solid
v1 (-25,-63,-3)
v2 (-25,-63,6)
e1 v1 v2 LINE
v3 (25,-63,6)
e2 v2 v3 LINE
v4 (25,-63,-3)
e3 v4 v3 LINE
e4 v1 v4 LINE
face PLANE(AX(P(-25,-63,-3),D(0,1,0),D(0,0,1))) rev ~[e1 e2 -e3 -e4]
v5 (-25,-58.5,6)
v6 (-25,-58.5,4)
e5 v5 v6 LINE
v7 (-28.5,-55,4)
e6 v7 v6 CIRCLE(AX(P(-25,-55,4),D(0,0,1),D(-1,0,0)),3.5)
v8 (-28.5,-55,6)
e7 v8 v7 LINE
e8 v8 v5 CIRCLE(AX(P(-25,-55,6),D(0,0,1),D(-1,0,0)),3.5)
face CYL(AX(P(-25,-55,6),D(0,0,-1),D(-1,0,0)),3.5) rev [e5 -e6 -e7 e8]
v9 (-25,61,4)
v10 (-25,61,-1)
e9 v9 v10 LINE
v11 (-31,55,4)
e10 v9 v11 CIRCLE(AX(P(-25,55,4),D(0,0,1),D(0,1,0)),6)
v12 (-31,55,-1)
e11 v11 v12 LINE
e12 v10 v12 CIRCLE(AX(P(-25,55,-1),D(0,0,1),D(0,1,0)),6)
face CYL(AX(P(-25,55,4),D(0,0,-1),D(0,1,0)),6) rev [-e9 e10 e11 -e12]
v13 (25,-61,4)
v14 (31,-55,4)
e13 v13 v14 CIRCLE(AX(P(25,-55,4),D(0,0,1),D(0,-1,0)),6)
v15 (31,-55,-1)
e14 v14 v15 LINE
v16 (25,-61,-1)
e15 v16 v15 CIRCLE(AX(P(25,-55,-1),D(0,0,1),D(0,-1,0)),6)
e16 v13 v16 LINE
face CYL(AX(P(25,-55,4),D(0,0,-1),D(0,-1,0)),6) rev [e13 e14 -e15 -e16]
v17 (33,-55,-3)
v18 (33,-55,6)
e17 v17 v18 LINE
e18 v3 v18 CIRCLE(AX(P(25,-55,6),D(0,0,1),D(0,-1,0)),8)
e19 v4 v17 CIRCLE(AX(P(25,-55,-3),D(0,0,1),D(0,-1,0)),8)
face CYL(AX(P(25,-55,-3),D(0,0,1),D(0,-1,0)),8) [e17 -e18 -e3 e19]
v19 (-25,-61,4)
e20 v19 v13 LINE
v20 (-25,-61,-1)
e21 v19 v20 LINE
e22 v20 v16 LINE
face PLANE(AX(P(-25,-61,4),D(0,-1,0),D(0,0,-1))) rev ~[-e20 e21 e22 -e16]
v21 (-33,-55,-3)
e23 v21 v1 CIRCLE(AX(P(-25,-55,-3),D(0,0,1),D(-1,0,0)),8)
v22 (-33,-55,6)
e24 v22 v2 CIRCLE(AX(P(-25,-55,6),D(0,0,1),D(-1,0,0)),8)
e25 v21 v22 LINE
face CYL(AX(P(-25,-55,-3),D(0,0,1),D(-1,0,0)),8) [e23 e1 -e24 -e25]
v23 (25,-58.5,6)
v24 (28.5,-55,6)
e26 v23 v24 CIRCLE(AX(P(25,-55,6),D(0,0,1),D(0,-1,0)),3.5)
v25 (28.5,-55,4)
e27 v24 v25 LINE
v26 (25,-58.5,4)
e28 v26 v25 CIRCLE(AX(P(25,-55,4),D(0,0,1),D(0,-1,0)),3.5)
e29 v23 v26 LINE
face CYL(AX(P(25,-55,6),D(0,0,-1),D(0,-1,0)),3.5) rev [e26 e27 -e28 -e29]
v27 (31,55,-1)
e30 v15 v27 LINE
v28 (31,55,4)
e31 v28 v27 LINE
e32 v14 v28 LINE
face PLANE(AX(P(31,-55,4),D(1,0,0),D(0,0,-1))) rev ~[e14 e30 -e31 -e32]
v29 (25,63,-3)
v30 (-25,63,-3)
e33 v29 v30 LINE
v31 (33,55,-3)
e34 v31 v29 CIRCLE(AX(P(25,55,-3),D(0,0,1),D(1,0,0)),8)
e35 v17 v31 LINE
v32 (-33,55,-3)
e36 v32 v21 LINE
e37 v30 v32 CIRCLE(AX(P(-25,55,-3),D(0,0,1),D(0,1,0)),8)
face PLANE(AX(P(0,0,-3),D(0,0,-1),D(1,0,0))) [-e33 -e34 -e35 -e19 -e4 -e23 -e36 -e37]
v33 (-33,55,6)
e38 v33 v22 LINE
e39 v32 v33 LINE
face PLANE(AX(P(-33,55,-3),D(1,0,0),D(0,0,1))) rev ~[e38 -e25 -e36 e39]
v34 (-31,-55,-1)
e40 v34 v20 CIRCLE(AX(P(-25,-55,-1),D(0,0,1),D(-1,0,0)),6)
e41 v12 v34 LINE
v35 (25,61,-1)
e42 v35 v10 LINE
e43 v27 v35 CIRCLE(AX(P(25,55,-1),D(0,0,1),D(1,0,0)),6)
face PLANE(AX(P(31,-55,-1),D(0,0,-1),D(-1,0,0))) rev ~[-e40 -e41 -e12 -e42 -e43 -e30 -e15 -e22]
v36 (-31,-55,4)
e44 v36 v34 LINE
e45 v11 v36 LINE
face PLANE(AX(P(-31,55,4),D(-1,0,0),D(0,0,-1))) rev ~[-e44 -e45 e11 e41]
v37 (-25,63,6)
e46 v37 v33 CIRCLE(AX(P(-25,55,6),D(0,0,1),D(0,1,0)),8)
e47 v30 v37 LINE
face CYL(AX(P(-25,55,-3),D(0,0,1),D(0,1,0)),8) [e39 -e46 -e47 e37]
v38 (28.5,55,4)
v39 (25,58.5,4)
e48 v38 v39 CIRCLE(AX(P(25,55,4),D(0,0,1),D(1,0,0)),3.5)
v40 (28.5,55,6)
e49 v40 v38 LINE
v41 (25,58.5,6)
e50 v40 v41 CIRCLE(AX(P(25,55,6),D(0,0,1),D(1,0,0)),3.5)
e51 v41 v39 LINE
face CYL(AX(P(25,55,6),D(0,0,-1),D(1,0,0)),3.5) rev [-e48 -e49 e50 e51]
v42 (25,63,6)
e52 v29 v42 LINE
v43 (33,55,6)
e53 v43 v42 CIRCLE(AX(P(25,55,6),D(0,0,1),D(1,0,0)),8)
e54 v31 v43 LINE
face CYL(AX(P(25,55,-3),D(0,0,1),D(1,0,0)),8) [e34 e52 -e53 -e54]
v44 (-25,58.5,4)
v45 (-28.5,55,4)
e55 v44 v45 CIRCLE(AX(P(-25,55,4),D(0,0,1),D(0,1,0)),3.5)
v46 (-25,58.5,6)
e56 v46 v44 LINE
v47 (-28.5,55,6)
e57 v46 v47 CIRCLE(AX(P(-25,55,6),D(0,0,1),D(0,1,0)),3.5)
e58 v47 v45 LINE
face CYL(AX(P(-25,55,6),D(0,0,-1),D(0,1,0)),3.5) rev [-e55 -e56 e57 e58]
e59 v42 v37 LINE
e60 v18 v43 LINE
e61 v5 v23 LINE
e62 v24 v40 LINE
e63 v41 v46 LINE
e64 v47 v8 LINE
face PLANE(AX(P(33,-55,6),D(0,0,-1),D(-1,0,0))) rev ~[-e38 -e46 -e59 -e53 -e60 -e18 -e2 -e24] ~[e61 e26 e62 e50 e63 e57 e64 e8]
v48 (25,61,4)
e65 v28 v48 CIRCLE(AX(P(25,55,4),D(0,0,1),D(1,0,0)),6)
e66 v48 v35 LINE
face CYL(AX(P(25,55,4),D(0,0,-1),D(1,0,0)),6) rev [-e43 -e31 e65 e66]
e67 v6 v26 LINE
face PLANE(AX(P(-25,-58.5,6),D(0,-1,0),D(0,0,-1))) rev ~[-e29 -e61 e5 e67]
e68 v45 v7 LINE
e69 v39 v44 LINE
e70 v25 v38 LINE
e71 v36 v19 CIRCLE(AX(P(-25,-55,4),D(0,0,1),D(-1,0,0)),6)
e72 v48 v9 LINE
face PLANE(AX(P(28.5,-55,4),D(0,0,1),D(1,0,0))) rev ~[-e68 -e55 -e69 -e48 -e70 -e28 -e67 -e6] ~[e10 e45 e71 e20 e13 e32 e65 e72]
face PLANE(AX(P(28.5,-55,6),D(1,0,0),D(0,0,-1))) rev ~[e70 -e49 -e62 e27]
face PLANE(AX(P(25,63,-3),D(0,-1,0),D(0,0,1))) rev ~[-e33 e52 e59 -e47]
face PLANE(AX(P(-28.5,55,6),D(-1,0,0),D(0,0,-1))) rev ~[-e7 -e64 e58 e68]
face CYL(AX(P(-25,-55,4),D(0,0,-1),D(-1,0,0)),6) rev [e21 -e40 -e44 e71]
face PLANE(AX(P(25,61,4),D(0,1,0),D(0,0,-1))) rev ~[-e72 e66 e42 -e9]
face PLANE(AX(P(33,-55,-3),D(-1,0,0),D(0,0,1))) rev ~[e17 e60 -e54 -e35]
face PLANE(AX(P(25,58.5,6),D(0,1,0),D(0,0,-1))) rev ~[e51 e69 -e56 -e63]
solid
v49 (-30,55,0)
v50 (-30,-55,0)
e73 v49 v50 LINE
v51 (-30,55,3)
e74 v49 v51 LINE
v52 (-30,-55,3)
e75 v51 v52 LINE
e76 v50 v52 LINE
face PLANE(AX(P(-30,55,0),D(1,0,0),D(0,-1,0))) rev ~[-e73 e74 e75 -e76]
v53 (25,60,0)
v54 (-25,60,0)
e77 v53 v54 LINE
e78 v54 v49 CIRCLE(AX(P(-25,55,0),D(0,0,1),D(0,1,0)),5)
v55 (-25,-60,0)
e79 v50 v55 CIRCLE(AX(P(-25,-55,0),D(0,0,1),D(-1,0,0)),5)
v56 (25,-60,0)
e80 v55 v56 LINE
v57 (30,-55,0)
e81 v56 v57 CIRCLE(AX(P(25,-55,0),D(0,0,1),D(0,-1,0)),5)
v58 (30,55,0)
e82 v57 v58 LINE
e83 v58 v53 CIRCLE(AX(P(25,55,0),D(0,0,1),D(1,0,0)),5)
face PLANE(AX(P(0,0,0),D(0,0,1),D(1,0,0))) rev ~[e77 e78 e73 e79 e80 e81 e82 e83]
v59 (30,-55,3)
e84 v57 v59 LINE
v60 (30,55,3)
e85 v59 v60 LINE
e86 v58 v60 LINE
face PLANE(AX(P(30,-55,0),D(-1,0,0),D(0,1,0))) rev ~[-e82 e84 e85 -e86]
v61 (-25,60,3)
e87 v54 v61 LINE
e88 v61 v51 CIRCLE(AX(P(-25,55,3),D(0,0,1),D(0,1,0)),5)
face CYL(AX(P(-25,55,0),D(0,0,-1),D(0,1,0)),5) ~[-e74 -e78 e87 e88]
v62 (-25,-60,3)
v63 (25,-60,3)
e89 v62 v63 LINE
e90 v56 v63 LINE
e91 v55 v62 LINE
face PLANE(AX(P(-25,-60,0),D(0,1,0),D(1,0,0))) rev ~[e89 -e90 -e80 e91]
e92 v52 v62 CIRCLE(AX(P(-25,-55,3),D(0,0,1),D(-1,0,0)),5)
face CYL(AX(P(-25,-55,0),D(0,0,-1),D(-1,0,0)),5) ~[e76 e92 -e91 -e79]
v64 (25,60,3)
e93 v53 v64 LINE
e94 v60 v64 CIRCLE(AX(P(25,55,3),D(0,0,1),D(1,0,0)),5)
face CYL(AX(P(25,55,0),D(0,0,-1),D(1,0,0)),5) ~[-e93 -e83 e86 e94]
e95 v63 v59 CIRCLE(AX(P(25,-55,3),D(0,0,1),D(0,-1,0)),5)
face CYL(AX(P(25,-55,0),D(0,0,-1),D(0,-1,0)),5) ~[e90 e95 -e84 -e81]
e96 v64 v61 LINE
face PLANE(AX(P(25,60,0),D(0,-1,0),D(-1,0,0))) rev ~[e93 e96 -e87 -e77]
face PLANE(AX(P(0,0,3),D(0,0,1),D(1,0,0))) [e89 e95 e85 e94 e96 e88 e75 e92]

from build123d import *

# Parameters (mm, degrees)
F2_DEPTH = 3
F6_DEPTH = 2


with BuildPart() as f2:
    # F1 (on Top) → F2 (new body)
    with BuildSketch(Plane.XY):
        with BuildLine():
            Line((-25, -60), (25, -60))
            ThreePointArc((25, -60), (28.5355339059, -58.5355339059), (30, -55))
            Line((30, -55), (30, 55))
            ThreePointArc((30, 55), (28.5355339059, 58.5355339059), (25, 60))
            Line((25, 60), (-25, 60))
            ThreePointArc((-25, 60), (-28.5355339059, 58.5355339059), (-30, 55))
            Line((-30, 55), (-30, -55))
            ThreePointArc((-30, -55), (-28.5355339059, -58.5355339059), (-25, -60))
        make_face()
    extrude(amount=F2_DEPTH)


with BuildPart() as f4:
    # F4: sweep along a path in F1
    with BuildLine(Plane.XY) as f4_path:
        Line((31, -55), (31, 0))
        Line((31, 0), (31, 55))
        ThreePointArc((31, 55), (29.2426406871, 59.2426406871), (25, 61))
        Line((25, 61), (-25, 61))
        ThreePointArc((-25, 61), (-29.2426406871, 59.2426406871), (-31, 55))
        Line((-31, 55), (-31, 0))
        Line((-31, 0), (-31, -55))
        ThreePointArc((-31, -55), (-29.2426406871, -59.2426406871), (-25, -61))
        Line((-25, -61), (25, -61))
        ThreePointArc((25, -61), (29.2426406871, -59.2426406871), (31, -55))
    # F3 (on Front) → F4 (sweep)
    with BuildSketch(Plane.XZ):
        Polygon((28.5, 6), (28.5, 4), (31, 4), (31, -1), (28.5, -1), (28.5, -3), (33, -3), (33, 6), align=None)
    sweep(path=f4_path.line)

    # F5 (on face) → F6 (join, through all)
    with BuildSketch(Plane(origin=(0, 0, -3), x_dir=(1, 0, 0), z_dir=(0, 0, -1))):
        with BuildLine():
            ThreePointArc((28.5, 55), (27.4748737342, 57.4748737342), (25, 58.5))
            Line((25, 58.5), (-25, 58.5))
            ThreePointArc((-25, 58.5), (-27.4748737342, 57.4748737342), (-28.5, 55))
            Line((-28.5, 55), (-28.5, -55))
            ThreePointArc((-28.5, -55), (-27.4748737342, -57.4748737342), (-25, -58.5))
            Line((-25, -58.5), (25, -58.5))
            ThreePointArc((25, -58.5), (27.4748737342, -57.4748737342), (28.5, -55))
            Line((28.5, -55), (28.5, 55))
        make_face()
    extrude(amount=-F6_DEPTH)


solid = Compound([f2.part, f4.part])
